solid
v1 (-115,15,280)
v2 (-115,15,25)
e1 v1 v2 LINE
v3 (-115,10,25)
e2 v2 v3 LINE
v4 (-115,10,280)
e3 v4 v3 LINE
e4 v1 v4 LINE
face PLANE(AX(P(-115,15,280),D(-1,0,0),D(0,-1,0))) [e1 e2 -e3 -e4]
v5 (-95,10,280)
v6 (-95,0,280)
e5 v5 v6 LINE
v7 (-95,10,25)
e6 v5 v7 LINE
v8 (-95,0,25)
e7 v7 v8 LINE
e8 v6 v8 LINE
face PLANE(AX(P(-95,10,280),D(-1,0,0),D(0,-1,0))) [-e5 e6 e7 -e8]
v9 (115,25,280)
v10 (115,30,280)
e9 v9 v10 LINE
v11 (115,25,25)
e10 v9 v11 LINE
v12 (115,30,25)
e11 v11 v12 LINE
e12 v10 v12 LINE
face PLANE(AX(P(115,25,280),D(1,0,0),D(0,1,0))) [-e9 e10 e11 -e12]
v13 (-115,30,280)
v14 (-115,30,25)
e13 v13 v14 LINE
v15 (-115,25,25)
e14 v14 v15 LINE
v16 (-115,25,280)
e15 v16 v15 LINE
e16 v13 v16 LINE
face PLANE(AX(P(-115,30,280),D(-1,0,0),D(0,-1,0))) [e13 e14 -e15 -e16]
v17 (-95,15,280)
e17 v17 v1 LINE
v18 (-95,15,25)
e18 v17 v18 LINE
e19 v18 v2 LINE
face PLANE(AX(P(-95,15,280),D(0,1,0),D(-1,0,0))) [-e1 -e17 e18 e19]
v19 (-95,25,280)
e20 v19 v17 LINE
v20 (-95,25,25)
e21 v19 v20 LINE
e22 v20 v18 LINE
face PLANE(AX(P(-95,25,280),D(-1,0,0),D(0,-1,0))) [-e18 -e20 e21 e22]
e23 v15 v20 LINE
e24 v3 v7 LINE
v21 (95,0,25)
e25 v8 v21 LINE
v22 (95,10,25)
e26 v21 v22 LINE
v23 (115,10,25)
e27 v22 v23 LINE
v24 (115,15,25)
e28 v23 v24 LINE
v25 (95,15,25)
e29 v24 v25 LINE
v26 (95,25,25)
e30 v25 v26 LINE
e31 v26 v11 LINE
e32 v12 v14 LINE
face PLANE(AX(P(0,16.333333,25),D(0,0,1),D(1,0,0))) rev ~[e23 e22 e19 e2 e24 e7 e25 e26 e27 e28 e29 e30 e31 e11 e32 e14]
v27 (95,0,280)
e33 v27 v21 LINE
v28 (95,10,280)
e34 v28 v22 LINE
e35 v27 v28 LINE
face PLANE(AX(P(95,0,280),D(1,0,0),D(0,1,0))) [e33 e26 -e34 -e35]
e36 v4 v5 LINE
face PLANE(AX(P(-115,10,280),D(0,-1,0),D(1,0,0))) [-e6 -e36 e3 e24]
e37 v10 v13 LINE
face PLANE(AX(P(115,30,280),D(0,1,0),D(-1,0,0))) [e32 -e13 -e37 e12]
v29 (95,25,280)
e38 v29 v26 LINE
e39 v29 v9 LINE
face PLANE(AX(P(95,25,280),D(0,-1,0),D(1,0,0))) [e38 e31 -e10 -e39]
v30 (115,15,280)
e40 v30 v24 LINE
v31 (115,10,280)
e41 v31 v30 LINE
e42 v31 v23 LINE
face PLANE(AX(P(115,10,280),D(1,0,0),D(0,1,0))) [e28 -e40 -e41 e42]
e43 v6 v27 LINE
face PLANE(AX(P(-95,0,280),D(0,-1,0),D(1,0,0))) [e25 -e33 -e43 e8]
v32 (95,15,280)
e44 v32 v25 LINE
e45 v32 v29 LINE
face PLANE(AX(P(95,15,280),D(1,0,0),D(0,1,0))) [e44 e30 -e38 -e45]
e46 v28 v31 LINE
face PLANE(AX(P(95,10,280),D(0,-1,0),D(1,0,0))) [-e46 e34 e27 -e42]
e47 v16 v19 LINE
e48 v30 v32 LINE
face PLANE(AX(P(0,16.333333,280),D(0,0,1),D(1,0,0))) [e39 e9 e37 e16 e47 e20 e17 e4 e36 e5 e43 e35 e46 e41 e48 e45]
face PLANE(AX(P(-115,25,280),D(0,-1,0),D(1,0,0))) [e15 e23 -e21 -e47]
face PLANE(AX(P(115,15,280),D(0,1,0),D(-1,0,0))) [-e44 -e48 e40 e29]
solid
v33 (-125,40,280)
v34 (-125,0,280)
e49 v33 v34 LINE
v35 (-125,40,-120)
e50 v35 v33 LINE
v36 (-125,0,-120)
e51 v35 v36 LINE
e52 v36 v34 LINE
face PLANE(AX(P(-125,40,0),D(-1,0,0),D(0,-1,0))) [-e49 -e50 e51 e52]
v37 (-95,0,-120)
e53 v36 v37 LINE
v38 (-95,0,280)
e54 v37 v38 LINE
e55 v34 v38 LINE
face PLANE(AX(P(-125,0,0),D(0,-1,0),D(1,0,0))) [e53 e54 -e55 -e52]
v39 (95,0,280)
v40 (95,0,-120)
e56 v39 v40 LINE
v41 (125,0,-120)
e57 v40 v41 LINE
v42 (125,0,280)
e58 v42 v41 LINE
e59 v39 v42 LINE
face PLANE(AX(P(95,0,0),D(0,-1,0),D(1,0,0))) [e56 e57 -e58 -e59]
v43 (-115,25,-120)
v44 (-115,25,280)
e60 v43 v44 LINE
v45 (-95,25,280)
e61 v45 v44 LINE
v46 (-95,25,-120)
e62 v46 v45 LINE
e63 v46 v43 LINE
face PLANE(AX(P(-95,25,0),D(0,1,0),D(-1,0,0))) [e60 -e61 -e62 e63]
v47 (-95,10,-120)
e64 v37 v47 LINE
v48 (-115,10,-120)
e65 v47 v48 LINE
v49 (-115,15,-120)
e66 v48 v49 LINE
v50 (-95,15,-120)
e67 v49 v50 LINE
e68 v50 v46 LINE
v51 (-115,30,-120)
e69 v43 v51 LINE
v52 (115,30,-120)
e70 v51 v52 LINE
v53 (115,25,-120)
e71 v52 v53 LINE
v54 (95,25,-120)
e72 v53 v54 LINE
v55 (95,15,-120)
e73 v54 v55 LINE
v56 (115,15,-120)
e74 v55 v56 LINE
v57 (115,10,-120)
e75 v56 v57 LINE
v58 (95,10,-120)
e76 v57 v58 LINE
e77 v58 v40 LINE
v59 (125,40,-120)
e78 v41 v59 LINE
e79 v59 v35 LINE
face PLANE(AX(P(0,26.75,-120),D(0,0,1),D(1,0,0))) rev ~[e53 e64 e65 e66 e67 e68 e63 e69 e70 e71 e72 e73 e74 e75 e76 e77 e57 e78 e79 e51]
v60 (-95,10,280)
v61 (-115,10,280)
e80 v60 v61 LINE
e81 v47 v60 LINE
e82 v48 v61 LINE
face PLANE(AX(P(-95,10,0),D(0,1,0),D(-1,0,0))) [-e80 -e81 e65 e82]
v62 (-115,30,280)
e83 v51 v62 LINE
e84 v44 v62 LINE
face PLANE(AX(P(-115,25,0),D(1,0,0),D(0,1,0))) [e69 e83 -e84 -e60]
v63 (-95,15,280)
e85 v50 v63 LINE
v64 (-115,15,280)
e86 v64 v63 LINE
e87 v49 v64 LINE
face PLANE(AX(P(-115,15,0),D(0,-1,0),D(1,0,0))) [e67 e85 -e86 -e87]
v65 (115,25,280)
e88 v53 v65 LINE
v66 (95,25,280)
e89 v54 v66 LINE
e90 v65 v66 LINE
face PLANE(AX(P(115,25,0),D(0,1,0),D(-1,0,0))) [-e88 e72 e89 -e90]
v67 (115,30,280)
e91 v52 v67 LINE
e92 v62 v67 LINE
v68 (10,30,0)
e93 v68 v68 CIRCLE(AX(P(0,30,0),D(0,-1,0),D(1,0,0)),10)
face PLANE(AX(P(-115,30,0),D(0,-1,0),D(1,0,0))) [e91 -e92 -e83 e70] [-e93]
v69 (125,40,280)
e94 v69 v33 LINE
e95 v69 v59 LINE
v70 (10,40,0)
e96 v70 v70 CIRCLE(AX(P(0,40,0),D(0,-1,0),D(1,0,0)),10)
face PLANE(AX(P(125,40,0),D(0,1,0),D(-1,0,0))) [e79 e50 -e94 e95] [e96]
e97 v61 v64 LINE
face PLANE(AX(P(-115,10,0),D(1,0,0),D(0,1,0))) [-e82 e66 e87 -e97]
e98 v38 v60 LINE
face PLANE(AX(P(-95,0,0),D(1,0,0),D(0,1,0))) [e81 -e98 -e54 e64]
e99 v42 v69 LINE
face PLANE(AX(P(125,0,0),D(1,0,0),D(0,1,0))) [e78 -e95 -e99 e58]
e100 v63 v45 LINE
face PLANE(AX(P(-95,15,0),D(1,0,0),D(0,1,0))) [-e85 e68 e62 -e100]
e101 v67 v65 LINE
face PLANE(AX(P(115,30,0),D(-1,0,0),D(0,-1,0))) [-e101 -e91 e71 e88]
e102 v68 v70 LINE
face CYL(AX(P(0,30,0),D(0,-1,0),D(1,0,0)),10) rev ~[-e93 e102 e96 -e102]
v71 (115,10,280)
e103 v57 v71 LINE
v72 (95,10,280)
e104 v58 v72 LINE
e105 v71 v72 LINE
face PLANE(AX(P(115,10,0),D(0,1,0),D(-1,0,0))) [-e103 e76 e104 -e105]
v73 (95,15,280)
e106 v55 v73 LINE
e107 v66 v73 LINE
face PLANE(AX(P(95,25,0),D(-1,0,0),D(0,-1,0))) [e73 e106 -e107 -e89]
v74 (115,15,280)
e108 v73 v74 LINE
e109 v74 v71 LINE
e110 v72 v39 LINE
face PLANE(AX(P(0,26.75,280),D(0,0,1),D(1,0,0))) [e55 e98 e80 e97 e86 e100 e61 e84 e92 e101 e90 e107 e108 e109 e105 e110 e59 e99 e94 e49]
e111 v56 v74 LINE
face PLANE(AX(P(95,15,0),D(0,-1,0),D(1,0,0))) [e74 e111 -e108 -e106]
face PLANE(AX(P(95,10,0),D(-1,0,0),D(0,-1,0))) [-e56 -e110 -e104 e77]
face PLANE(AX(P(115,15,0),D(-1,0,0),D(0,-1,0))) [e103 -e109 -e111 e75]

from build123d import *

# Parameters (mm, degrees)
F1_DEPTH      = 280
F1_DEPTH_BACK = 120
F2_R          = 10
F3_DEPTH      = 20
F5_DEPTH      = 255


with BuildPart() as f1:
    # F0 (on Top) → F1 (new body, two sides)
    with BuildSketch(Plane.XY) as f1_sk:
        Polygon((125, 40), (0, 40), (-125, 40), (-125, 0), (-95, 0), (-95, 10), (-115, 10), (-115, 15), (-95, 15), (-95, 25), (-115, 25), (-115, 30), (0, 30), (115, 30), (115, 25), (95, 25), (95, 15), (115, 15), (115, 10), (95, 10), (95, 0), (125, 0), align=None)
    extrude(amount=F1_DEPTH)
    extrude(f1_sk.sketch, amount=-F1_DEPTH_BACK)

    # F2 (on face) → F3 (cut)
    with BuildSketch(Plane.XZ.offset(-30)):
        Circle(F2_R)
    extrude(amount=-F3_DEPTH, mode=Mode.SUBTRACT)


with BuildPart() as f5:
    # F4 (on face) → F5 (new body)
    with BuildSketch(Plane.XY.offset(280)):
        Polygon((115, 30), (-115, 30), (-115, 25), (-95, 25), (-95, 15), (-115, 15), (-115, 10), (-95, 10), (-95, 0), (95, 0), (95, 10), (115, 10), (115, 15), (95, 15), (95, 25), (115, 25), align=None)
    extrude(amount=-F5_DEPTH)


solid = Compound([f1.part, f5.part])
